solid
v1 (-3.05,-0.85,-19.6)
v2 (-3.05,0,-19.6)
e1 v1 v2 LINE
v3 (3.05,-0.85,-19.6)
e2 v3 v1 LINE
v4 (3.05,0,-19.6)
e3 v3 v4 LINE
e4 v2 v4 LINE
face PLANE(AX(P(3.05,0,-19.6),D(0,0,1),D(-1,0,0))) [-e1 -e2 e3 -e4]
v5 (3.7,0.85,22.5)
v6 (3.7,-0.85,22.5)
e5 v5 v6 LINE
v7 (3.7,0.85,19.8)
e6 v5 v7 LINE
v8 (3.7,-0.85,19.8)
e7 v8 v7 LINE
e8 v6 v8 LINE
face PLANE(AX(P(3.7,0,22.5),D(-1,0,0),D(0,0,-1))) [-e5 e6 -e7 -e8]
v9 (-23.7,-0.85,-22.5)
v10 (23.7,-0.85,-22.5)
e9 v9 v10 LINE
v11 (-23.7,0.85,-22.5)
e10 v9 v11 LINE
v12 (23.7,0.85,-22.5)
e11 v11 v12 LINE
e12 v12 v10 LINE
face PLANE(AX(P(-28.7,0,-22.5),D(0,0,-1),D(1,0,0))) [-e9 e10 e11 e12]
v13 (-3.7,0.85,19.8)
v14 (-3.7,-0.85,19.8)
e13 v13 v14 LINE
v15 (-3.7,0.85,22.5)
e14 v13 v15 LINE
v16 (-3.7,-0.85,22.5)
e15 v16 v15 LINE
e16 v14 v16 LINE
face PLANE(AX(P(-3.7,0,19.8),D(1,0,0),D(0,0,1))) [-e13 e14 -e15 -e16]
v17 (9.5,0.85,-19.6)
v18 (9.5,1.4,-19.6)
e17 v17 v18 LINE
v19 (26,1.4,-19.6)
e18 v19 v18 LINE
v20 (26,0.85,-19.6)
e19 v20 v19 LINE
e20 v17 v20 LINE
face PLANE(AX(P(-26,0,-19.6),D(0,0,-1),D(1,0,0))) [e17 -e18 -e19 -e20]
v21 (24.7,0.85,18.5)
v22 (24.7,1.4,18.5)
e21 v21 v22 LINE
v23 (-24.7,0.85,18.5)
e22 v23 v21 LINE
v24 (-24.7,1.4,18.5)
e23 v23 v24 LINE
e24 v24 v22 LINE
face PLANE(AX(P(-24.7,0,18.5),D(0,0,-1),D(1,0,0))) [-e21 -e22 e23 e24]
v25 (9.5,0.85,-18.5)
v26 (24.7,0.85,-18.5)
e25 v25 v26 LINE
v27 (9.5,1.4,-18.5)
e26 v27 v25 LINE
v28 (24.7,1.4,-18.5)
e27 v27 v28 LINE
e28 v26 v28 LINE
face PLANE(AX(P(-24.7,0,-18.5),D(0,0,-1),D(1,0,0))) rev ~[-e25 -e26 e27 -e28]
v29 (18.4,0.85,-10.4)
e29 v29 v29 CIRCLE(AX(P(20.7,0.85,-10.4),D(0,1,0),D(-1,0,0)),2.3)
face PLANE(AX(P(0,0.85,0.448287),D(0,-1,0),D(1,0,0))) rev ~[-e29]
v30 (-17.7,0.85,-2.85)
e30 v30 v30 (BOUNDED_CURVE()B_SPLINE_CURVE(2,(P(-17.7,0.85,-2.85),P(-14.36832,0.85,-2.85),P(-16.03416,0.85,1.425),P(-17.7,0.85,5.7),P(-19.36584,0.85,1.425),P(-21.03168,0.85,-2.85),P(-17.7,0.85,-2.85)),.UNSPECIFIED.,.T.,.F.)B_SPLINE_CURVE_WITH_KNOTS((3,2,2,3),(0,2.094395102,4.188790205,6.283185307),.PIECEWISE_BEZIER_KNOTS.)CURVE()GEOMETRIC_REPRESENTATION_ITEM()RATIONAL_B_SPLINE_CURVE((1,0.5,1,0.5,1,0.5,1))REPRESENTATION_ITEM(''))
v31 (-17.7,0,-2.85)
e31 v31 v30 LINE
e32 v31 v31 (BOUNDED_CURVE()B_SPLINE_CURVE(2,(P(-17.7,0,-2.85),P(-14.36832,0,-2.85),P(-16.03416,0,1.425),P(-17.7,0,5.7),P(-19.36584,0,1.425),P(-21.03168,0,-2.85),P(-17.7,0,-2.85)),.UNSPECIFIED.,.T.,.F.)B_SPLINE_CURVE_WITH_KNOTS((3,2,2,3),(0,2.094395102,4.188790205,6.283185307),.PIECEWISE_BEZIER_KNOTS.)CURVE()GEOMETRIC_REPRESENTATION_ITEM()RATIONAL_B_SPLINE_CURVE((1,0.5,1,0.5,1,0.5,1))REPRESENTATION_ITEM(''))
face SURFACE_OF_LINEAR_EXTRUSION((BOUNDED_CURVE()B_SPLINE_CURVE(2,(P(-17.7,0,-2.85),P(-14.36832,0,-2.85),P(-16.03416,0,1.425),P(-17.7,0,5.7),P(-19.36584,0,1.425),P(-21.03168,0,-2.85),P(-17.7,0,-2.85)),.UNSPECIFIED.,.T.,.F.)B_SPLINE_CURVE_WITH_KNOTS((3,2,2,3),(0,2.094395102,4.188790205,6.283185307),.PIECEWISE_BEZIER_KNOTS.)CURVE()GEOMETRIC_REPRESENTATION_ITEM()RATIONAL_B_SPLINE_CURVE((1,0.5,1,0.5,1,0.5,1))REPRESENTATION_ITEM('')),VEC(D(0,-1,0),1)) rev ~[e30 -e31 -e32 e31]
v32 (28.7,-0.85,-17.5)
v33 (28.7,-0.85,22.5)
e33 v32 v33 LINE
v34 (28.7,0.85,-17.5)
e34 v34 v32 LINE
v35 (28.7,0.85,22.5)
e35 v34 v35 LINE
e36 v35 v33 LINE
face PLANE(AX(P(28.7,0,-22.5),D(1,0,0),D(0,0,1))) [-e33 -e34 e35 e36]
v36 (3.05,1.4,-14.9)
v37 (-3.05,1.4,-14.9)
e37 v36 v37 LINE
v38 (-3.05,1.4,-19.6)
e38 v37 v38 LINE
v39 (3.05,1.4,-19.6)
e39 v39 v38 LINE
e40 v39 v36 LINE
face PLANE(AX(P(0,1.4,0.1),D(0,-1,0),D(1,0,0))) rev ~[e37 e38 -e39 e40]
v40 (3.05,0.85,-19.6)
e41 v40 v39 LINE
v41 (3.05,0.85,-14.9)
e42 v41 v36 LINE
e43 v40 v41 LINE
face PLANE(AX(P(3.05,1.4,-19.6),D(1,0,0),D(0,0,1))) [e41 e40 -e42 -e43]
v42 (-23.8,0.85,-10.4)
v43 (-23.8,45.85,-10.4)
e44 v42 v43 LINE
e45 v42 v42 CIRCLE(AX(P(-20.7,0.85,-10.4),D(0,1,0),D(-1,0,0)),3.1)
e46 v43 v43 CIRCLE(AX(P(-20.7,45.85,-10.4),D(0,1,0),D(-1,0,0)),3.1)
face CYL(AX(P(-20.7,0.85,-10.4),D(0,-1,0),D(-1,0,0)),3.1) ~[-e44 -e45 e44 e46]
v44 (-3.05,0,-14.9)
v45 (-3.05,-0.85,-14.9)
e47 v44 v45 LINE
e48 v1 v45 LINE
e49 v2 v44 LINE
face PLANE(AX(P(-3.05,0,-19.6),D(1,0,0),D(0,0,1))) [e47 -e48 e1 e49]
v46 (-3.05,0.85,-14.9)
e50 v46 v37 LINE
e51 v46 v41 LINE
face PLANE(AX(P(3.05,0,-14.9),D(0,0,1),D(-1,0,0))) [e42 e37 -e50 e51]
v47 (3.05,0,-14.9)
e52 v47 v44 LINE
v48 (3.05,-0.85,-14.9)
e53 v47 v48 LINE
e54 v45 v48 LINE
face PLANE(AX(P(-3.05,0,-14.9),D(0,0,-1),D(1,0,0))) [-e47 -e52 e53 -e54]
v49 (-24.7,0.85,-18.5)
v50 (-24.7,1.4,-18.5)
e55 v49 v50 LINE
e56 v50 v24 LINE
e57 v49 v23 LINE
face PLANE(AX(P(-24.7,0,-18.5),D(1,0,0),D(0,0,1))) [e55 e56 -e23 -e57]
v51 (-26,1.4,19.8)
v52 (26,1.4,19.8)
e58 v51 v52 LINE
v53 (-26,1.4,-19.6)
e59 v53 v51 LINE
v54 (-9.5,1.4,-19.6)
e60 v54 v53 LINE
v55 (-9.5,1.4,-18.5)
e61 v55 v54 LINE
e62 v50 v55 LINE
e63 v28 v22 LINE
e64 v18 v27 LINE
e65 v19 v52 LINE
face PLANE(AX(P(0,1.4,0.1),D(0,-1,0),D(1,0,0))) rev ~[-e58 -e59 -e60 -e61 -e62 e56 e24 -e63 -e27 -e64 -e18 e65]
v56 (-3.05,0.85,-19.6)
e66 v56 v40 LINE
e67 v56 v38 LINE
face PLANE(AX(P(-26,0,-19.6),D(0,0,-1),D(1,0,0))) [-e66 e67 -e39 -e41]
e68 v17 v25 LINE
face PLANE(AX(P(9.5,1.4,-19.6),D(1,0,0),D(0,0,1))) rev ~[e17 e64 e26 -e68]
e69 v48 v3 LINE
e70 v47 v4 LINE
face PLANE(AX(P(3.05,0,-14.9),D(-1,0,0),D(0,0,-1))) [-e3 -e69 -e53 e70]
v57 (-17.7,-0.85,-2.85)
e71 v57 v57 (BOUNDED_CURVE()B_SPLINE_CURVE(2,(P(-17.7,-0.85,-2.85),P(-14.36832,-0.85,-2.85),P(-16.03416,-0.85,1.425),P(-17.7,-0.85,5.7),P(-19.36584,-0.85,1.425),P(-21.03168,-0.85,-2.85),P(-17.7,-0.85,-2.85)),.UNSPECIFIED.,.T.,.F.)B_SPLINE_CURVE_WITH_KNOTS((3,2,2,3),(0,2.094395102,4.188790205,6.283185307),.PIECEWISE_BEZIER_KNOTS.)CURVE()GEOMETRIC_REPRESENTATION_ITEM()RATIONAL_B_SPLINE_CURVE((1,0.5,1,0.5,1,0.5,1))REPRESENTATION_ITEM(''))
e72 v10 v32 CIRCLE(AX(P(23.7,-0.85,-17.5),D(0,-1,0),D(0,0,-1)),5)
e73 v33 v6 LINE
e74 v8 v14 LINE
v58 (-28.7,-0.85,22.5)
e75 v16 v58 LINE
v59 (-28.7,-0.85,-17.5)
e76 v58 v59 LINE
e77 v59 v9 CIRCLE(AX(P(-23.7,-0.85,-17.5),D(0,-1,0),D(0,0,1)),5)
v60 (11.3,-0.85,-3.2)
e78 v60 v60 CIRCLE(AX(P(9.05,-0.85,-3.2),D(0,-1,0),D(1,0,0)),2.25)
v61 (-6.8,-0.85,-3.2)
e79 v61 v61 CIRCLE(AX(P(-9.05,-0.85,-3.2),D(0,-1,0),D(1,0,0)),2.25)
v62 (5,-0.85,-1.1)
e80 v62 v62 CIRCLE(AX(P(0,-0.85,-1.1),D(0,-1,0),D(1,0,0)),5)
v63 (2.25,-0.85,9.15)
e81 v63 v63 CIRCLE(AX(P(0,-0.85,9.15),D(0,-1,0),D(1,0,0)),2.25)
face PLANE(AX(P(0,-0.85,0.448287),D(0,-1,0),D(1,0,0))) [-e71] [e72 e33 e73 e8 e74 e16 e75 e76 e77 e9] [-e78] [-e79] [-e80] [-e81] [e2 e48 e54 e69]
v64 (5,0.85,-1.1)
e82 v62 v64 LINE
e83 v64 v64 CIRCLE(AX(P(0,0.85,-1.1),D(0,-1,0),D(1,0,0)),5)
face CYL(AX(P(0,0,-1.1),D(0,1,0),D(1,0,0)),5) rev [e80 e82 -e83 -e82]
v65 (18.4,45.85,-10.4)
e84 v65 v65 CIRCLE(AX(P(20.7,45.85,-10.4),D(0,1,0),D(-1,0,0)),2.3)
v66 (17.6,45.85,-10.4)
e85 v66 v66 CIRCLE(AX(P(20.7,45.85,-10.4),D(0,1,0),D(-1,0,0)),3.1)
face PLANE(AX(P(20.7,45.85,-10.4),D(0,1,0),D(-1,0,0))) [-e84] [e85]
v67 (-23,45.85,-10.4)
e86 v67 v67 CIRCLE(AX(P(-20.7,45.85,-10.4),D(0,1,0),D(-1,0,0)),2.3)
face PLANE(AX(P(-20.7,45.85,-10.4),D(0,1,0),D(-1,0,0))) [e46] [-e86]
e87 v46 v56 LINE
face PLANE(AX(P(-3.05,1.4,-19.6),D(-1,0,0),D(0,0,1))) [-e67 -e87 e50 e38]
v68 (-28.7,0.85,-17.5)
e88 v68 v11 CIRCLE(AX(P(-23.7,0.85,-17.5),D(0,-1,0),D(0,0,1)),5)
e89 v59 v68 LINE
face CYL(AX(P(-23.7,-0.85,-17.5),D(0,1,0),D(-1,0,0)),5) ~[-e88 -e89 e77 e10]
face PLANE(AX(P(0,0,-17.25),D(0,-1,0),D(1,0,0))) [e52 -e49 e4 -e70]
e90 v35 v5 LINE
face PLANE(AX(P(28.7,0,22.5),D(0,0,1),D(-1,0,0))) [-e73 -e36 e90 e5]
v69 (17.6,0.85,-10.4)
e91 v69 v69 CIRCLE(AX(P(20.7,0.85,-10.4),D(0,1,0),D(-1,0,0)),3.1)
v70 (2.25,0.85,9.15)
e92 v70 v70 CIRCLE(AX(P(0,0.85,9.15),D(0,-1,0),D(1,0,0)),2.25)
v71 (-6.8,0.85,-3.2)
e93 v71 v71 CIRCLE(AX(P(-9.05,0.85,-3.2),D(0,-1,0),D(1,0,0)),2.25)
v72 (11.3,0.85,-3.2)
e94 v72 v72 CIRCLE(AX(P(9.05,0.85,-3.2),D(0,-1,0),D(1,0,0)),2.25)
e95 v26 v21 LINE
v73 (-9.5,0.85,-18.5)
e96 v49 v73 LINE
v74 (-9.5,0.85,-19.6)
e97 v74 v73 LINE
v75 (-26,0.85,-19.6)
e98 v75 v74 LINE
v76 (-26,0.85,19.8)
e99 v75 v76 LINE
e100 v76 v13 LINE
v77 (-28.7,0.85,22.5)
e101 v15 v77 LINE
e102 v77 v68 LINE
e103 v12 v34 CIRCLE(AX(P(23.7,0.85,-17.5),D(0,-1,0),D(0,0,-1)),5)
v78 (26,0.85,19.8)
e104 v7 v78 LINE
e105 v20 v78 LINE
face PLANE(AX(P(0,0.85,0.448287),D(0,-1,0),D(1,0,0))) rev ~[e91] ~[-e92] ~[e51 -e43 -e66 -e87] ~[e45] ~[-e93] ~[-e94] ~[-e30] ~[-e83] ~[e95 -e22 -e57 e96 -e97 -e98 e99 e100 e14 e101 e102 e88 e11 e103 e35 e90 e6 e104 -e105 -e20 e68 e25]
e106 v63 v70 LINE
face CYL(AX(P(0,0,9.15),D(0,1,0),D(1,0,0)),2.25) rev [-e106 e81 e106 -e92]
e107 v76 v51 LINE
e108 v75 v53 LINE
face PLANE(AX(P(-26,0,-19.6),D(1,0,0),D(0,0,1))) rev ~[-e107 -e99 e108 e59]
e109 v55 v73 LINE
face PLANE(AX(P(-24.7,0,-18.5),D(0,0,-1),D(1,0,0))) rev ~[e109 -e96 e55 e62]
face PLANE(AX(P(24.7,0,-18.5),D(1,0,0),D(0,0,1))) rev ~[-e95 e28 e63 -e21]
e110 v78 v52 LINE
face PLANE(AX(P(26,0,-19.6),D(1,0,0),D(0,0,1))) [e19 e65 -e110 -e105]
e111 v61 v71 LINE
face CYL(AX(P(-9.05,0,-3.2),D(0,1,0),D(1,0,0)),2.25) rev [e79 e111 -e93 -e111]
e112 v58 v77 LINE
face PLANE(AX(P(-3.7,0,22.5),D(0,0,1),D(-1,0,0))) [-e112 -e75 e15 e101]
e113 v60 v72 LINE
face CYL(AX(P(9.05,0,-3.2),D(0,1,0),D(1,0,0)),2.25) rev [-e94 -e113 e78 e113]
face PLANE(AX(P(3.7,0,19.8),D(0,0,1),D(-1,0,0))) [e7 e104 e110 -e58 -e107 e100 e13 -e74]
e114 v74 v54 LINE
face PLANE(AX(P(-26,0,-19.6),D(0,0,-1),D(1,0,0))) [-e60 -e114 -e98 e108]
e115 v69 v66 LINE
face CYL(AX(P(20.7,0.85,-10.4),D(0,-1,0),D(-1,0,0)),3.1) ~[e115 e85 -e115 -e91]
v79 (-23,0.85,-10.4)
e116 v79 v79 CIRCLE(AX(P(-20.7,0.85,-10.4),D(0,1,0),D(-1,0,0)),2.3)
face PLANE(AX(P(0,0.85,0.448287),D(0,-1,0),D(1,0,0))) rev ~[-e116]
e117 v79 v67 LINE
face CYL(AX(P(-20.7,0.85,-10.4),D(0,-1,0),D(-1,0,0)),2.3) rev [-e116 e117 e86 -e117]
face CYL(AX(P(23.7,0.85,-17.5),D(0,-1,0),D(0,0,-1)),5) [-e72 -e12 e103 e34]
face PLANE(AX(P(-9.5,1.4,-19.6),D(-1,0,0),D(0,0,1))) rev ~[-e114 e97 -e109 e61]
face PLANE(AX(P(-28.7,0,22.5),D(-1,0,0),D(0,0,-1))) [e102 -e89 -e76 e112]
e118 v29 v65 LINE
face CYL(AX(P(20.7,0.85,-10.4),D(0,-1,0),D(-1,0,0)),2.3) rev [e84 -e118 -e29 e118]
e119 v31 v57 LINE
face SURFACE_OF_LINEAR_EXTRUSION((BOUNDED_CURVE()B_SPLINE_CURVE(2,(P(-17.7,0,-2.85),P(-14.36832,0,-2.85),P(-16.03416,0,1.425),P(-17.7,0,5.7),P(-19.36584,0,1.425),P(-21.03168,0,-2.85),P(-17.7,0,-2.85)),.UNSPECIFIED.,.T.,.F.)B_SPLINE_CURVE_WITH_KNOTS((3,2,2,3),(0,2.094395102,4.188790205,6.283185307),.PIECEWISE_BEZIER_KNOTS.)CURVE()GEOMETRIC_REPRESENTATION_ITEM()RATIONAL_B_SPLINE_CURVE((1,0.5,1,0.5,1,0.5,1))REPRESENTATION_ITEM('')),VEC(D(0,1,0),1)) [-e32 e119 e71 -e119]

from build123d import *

# Parameters (mm, degrees)
F1_DEPTH = 1.4
F0_R     = 2.25
F0_R_2   = 5
F2_DEPTH = 0.85
F3_W     = 52
F3_H     = 39.4
F3_W_2   = 49.4
F3_H_2   = 37
F4_DEPTH = 1.4
F6_R     = 3.1
F6_R_2   = 2.3
F7_DEPTH = 45
F8_R     = 5
F5_W     = 6.45
F5_H     = 1.1
F9_DEPTH = 0.55


with BuildPart() as f1:
    # F0 (on Front) → F1 (new body)
    with BuildSketch(Plane.XZ):
        Polygon((2.5, -14.9), (-2.5, -14.9), (-3.05, -14.9), (-3.05, -19.6), (3.05, -19.6), (3.05, -14.9), align=None)
    extrude(amount=-F1_DEPTH)

    # F0 (on Front) → F2 (join, symmetric)
    with BuildSketch(Plane.XZ):
        Polygon((-28.7, -22.5), (28.7, -22.5), (28.7, 22.5), (3.7, 22.5), (3.7, 19.8), (-3.7, 19.8), (-3.7, 22.5), (-28.7, 22.5), align=None)
        Polygon((-3.05, -14.9), (-2.5, -14.9), (2.5, -14.9), (3.05, -14.9), (3.05, -19.6), (-3.05, -19.6), align=None, mode=Mode.SUBTRACT)
        with BuildLine():
            add(Edge.make_bspline(
                [(-17.7, -2.85), (-14.3683195671, -2.85), (-16.0341597836, 1.425), (-17.7, 5.7), (-19.3658402164, 1.425), (-21.0316804329, -2.85), (-17.7, -2.85)],
                knots=[0, 0, 0, 2.0943951024, 2.0943951024, 4.1887902048, 4.1887902048, 6.2831853072, 6.2831853072, 6.2831853072], degree=2, weights=[1, 0.5, 1, 0.5, 1, 0.5, 1]))
        make_face(mode=Mode.SUBTRACT)
        with Locations((-9.05, -3.2)):
            Circle(F0_R, mode=Mode.SUBTRACT)
        with Locations((0, -1.1)):
            Circle(F0_R_2, mode=Mode.SUBTRACT)
        with Locations((9.05, -3.2)):
            Circle(F0_R, mode=Mode.SUBTRACT)
        with Locations((0, 9.15)):
            Circle(F0_R, mode=Mode.SUBTRACT)
    extrude(amount=F2_DEPTH, both=True)

    # F3 (on Front) → F4 (join)
    with BuildSketch(Plane.XZ):
        with Locations((0, 0.1)):
            Rectangle(F3_W, F3_H)
        Rectangle(F3_W_2, F3_H_2, mode=Mode.SUBTRACT)
    extrude(amount=-F4_DEPTH)

    # F6 (on face) → F7 (join)
    with BuildSketch(Plane(origin=(0, 0.85, 0), x_dir=(-1, 0, 0), z_dir=(0, 1, 0))):
        with Locations((-20.7, -10.4)):
            Circle(F6_R)
        with Locations((-20.7, -10.4)):
            Circle(F6_R_2, mode=Mode.SUBTRACT)
        with Locations((20.7, -10.4)):
            Circle(F6_R)
        with Locations((20.7, -10.4)):
            Circle(F6_R_2, mode=Mode.SUBTRACT)
    extrude(amount=F7_DEPTH)

    # F8
    f8_edges = [f1.edges().sort_by_distance(p)[0] for p in [
        (28.7, 0, -22.5),
        (-28.7, 0, -22.5),
    ]]
    fillet(f8_edges, radius=F8_R)

    # F5 (on face) → F9 (cut, symmetric)
    with BuildSketch(Plane(origin=(0, 1.4, 0), x_dir=(-1, 0, 0), z_dir=(0, 1, 0))):
        with Locations((-6.275, -19.05)):
            Rectangle(F5_W, F5_H)
        with Locations((6.275, -19.05)):
            Rectangle(F5_W, F5_H)
    extrude(amount=F9_DEPTH, both=True, mode=Mode.SUBTRACT)


solid = f1.part
